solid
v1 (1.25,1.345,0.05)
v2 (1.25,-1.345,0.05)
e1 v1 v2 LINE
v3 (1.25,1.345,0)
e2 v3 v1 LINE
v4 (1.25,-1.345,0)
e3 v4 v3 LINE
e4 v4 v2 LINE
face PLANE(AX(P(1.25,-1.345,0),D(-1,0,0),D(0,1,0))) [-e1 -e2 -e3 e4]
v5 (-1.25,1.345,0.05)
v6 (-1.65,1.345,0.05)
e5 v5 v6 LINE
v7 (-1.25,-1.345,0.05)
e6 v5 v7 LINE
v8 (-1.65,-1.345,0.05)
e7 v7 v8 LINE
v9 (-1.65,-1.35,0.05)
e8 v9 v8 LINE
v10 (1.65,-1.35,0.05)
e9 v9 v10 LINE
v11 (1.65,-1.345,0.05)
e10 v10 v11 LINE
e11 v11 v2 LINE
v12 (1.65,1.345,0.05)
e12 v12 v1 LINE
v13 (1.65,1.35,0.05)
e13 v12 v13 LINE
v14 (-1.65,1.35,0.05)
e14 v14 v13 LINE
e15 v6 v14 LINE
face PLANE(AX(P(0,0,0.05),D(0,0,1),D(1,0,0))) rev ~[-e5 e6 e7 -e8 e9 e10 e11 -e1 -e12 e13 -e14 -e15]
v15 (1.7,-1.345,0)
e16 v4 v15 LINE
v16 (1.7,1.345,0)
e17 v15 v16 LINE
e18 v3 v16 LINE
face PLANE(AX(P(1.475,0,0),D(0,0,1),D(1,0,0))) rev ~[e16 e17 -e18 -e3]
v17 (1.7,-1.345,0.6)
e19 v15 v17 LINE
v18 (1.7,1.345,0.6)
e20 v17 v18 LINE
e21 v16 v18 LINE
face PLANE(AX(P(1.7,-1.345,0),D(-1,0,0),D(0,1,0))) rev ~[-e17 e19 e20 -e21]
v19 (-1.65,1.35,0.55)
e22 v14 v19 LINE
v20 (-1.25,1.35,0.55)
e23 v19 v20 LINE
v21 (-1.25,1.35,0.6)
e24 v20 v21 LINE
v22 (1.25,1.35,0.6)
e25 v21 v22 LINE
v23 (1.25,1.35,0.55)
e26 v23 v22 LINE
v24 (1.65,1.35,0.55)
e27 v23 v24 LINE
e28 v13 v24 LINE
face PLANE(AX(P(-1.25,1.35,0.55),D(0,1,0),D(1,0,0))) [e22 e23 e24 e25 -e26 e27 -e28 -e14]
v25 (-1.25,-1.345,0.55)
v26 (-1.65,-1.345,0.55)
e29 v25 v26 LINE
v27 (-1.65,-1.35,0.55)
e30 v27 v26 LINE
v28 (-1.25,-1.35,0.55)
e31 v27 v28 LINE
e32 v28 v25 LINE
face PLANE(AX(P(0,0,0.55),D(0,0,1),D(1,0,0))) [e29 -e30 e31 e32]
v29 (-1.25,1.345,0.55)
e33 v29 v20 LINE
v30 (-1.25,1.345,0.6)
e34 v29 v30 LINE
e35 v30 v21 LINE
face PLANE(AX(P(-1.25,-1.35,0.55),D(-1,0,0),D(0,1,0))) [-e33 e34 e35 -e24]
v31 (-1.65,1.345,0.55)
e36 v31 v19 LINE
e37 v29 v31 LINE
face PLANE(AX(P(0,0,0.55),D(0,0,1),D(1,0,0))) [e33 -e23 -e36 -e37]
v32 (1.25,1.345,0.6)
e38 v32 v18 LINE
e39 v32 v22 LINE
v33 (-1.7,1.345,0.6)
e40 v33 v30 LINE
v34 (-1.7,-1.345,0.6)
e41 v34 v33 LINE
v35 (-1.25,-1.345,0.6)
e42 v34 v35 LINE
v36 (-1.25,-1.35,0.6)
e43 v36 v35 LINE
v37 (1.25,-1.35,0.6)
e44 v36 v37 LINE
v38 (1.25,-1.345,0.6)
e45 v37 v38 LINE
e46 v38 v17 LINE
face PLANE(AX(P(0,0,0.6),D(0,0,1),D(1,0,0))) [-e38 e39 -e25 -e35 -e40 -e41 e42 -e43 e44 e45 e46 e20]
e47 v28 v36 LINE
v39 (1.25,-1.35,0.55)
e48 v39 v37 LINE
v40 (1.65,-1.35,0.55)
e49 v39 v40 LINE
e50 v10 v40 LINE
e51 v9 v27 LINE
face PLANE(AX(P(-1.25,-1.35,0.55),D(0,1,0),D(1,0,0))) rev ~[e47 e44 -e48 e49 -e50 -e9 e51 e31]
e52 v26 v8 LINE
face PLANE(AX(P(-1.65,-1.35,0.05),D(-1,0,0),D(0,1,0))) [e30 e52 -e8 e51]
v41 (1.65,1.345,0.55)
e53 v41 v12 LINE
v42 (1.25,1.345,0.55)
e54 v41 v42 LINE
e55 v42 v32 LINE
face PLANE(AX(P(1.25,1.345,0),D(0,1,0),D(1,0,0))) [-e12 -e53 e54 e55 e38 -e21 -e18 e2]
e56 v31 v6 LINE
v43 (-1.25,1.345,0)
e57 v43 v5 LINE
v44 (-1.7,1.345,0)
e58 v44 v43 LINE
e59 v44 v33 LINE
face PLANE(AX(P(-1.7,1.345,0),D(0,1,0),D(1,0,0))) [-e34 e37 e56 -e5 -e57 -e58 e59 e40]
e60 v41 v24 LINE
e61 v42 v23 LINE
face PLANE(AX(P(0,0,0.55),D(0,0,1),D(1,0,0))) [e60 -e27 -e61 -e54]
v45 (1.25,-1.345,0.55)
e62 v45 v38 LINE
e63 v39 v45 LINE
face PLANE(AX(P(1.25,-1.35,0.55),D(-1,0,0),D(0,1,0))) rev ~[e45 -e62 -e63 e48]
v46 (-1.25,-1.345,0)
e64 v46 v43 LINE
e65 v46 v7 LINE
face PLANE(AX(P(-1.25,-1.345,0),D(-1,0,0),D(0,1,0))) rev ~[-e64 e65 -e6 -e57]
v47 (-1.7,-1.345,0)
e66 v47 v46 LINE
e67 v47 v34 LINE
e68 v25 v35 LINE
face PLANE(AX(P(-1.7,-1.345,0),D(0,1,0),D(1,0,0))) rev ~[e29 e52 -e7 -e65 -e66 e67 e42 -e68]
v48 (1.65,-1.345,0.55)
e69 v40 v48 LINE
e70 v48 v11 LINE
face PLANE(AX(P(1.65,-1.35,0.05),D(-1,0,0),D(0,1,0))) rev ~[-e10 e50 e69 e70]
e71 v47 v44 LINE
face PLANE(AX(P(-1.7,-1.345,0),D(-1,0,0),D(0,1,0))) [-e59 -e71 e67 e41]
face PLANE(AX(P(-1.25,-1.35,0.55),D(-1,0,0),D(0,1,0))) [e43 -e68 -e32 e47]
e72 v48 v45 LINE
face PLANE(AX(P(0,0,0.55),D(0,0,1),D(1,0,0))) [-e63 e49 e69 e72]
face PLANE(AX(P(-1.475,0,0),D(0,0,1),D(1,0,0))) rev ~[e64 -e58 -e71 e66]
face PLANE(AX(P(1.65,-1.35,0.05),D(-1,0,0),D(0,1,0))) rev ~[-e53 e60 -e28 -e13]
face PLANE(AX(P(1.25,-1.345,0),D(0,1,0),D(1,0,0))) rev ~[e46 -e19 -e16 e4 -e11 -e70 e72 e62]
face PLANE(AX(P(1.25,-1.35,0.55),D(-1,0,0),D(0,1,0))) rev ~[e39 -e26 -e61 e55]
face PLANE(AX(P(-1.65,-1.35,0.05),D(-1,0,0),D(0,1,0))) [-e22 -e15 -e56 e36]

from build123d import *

# Parameters (mm, degrees)
PLATING_LEFT_W      = 0.45
PLATING_LEFT_H      = 2.69
PLATING_LEFT_DEPTH  = 0.6
PLATING_RIGHT_W     = 0.45
PLATING_RIGHT_H     = 2.69
PLATING_RIGHT_DEPTH = 0.6
MARKING_W           = 2.5
MARKING_H           = 2.7
MARKING_DEPTH       = 0.05
CHIP_W              = 3.3
CHIP_H              = 2.7
CHIP_DEPTH          = 0.5


with BuildPart() as plating_left:
    # plating_left → plating_left (new body)
    with BuildSketch(Plane(origin=(-1.7, -1.345, 0), x_dir=(1, 0, 0), z_dir=(0, 0, 1))):
        with Locations((0.225, 1.345)):
            Rectangle(PLATING_LEFT_W, PLATING_LEFT_H)
    extrude(amount=PLATING_LEFT_DEPTH)


with BuildPart() as plating_right:
    # plating_right → plating_right (new body)
    with BuildSketch(Plane(origin=(1.25, -1.345, 0), x_dir=(1, 0, 0), z_dir=(0, 0, 1))):
        with Locations((0.225, 1.345)):
            Rectangle(PLATING_RIGHT_W, PLATING_RIGHT_H)
    extrude(amount=PLATING_RIGHT_DEPTH)


with BuildPart() as marking:
    # marking → marking (new body)
    with BuildSketch(Plane(origin=(-1.25, -1.35, 0.55), x_dir=(1, 0, 0), z_dir=(0, 0, 1))):
        with Locations((1.25, 1.35)):
            Rectangle(MARKING_W, MARKING_H)
    extrude(amount=MARKING_DEPTH)


with BuildPart() as resistor:
    # chip → chip (new body)
    with BuildSketch(Plane(origin=(-1.65, -1.35, 0.05), x_dir=(1, 0, 0), z_dir=(0, 0, 1))):
        with Locations((1.65, 1.35)):
            Rectangle(CHIP_W, CHIP_H)
    extrude(amount=CHIP_DEPTH)

    # resistor: union plating_left, plating_right, marking
    add(plating_left.part)
    add(plating_right.part)
    add(marking.part)


solid = resistor.part
